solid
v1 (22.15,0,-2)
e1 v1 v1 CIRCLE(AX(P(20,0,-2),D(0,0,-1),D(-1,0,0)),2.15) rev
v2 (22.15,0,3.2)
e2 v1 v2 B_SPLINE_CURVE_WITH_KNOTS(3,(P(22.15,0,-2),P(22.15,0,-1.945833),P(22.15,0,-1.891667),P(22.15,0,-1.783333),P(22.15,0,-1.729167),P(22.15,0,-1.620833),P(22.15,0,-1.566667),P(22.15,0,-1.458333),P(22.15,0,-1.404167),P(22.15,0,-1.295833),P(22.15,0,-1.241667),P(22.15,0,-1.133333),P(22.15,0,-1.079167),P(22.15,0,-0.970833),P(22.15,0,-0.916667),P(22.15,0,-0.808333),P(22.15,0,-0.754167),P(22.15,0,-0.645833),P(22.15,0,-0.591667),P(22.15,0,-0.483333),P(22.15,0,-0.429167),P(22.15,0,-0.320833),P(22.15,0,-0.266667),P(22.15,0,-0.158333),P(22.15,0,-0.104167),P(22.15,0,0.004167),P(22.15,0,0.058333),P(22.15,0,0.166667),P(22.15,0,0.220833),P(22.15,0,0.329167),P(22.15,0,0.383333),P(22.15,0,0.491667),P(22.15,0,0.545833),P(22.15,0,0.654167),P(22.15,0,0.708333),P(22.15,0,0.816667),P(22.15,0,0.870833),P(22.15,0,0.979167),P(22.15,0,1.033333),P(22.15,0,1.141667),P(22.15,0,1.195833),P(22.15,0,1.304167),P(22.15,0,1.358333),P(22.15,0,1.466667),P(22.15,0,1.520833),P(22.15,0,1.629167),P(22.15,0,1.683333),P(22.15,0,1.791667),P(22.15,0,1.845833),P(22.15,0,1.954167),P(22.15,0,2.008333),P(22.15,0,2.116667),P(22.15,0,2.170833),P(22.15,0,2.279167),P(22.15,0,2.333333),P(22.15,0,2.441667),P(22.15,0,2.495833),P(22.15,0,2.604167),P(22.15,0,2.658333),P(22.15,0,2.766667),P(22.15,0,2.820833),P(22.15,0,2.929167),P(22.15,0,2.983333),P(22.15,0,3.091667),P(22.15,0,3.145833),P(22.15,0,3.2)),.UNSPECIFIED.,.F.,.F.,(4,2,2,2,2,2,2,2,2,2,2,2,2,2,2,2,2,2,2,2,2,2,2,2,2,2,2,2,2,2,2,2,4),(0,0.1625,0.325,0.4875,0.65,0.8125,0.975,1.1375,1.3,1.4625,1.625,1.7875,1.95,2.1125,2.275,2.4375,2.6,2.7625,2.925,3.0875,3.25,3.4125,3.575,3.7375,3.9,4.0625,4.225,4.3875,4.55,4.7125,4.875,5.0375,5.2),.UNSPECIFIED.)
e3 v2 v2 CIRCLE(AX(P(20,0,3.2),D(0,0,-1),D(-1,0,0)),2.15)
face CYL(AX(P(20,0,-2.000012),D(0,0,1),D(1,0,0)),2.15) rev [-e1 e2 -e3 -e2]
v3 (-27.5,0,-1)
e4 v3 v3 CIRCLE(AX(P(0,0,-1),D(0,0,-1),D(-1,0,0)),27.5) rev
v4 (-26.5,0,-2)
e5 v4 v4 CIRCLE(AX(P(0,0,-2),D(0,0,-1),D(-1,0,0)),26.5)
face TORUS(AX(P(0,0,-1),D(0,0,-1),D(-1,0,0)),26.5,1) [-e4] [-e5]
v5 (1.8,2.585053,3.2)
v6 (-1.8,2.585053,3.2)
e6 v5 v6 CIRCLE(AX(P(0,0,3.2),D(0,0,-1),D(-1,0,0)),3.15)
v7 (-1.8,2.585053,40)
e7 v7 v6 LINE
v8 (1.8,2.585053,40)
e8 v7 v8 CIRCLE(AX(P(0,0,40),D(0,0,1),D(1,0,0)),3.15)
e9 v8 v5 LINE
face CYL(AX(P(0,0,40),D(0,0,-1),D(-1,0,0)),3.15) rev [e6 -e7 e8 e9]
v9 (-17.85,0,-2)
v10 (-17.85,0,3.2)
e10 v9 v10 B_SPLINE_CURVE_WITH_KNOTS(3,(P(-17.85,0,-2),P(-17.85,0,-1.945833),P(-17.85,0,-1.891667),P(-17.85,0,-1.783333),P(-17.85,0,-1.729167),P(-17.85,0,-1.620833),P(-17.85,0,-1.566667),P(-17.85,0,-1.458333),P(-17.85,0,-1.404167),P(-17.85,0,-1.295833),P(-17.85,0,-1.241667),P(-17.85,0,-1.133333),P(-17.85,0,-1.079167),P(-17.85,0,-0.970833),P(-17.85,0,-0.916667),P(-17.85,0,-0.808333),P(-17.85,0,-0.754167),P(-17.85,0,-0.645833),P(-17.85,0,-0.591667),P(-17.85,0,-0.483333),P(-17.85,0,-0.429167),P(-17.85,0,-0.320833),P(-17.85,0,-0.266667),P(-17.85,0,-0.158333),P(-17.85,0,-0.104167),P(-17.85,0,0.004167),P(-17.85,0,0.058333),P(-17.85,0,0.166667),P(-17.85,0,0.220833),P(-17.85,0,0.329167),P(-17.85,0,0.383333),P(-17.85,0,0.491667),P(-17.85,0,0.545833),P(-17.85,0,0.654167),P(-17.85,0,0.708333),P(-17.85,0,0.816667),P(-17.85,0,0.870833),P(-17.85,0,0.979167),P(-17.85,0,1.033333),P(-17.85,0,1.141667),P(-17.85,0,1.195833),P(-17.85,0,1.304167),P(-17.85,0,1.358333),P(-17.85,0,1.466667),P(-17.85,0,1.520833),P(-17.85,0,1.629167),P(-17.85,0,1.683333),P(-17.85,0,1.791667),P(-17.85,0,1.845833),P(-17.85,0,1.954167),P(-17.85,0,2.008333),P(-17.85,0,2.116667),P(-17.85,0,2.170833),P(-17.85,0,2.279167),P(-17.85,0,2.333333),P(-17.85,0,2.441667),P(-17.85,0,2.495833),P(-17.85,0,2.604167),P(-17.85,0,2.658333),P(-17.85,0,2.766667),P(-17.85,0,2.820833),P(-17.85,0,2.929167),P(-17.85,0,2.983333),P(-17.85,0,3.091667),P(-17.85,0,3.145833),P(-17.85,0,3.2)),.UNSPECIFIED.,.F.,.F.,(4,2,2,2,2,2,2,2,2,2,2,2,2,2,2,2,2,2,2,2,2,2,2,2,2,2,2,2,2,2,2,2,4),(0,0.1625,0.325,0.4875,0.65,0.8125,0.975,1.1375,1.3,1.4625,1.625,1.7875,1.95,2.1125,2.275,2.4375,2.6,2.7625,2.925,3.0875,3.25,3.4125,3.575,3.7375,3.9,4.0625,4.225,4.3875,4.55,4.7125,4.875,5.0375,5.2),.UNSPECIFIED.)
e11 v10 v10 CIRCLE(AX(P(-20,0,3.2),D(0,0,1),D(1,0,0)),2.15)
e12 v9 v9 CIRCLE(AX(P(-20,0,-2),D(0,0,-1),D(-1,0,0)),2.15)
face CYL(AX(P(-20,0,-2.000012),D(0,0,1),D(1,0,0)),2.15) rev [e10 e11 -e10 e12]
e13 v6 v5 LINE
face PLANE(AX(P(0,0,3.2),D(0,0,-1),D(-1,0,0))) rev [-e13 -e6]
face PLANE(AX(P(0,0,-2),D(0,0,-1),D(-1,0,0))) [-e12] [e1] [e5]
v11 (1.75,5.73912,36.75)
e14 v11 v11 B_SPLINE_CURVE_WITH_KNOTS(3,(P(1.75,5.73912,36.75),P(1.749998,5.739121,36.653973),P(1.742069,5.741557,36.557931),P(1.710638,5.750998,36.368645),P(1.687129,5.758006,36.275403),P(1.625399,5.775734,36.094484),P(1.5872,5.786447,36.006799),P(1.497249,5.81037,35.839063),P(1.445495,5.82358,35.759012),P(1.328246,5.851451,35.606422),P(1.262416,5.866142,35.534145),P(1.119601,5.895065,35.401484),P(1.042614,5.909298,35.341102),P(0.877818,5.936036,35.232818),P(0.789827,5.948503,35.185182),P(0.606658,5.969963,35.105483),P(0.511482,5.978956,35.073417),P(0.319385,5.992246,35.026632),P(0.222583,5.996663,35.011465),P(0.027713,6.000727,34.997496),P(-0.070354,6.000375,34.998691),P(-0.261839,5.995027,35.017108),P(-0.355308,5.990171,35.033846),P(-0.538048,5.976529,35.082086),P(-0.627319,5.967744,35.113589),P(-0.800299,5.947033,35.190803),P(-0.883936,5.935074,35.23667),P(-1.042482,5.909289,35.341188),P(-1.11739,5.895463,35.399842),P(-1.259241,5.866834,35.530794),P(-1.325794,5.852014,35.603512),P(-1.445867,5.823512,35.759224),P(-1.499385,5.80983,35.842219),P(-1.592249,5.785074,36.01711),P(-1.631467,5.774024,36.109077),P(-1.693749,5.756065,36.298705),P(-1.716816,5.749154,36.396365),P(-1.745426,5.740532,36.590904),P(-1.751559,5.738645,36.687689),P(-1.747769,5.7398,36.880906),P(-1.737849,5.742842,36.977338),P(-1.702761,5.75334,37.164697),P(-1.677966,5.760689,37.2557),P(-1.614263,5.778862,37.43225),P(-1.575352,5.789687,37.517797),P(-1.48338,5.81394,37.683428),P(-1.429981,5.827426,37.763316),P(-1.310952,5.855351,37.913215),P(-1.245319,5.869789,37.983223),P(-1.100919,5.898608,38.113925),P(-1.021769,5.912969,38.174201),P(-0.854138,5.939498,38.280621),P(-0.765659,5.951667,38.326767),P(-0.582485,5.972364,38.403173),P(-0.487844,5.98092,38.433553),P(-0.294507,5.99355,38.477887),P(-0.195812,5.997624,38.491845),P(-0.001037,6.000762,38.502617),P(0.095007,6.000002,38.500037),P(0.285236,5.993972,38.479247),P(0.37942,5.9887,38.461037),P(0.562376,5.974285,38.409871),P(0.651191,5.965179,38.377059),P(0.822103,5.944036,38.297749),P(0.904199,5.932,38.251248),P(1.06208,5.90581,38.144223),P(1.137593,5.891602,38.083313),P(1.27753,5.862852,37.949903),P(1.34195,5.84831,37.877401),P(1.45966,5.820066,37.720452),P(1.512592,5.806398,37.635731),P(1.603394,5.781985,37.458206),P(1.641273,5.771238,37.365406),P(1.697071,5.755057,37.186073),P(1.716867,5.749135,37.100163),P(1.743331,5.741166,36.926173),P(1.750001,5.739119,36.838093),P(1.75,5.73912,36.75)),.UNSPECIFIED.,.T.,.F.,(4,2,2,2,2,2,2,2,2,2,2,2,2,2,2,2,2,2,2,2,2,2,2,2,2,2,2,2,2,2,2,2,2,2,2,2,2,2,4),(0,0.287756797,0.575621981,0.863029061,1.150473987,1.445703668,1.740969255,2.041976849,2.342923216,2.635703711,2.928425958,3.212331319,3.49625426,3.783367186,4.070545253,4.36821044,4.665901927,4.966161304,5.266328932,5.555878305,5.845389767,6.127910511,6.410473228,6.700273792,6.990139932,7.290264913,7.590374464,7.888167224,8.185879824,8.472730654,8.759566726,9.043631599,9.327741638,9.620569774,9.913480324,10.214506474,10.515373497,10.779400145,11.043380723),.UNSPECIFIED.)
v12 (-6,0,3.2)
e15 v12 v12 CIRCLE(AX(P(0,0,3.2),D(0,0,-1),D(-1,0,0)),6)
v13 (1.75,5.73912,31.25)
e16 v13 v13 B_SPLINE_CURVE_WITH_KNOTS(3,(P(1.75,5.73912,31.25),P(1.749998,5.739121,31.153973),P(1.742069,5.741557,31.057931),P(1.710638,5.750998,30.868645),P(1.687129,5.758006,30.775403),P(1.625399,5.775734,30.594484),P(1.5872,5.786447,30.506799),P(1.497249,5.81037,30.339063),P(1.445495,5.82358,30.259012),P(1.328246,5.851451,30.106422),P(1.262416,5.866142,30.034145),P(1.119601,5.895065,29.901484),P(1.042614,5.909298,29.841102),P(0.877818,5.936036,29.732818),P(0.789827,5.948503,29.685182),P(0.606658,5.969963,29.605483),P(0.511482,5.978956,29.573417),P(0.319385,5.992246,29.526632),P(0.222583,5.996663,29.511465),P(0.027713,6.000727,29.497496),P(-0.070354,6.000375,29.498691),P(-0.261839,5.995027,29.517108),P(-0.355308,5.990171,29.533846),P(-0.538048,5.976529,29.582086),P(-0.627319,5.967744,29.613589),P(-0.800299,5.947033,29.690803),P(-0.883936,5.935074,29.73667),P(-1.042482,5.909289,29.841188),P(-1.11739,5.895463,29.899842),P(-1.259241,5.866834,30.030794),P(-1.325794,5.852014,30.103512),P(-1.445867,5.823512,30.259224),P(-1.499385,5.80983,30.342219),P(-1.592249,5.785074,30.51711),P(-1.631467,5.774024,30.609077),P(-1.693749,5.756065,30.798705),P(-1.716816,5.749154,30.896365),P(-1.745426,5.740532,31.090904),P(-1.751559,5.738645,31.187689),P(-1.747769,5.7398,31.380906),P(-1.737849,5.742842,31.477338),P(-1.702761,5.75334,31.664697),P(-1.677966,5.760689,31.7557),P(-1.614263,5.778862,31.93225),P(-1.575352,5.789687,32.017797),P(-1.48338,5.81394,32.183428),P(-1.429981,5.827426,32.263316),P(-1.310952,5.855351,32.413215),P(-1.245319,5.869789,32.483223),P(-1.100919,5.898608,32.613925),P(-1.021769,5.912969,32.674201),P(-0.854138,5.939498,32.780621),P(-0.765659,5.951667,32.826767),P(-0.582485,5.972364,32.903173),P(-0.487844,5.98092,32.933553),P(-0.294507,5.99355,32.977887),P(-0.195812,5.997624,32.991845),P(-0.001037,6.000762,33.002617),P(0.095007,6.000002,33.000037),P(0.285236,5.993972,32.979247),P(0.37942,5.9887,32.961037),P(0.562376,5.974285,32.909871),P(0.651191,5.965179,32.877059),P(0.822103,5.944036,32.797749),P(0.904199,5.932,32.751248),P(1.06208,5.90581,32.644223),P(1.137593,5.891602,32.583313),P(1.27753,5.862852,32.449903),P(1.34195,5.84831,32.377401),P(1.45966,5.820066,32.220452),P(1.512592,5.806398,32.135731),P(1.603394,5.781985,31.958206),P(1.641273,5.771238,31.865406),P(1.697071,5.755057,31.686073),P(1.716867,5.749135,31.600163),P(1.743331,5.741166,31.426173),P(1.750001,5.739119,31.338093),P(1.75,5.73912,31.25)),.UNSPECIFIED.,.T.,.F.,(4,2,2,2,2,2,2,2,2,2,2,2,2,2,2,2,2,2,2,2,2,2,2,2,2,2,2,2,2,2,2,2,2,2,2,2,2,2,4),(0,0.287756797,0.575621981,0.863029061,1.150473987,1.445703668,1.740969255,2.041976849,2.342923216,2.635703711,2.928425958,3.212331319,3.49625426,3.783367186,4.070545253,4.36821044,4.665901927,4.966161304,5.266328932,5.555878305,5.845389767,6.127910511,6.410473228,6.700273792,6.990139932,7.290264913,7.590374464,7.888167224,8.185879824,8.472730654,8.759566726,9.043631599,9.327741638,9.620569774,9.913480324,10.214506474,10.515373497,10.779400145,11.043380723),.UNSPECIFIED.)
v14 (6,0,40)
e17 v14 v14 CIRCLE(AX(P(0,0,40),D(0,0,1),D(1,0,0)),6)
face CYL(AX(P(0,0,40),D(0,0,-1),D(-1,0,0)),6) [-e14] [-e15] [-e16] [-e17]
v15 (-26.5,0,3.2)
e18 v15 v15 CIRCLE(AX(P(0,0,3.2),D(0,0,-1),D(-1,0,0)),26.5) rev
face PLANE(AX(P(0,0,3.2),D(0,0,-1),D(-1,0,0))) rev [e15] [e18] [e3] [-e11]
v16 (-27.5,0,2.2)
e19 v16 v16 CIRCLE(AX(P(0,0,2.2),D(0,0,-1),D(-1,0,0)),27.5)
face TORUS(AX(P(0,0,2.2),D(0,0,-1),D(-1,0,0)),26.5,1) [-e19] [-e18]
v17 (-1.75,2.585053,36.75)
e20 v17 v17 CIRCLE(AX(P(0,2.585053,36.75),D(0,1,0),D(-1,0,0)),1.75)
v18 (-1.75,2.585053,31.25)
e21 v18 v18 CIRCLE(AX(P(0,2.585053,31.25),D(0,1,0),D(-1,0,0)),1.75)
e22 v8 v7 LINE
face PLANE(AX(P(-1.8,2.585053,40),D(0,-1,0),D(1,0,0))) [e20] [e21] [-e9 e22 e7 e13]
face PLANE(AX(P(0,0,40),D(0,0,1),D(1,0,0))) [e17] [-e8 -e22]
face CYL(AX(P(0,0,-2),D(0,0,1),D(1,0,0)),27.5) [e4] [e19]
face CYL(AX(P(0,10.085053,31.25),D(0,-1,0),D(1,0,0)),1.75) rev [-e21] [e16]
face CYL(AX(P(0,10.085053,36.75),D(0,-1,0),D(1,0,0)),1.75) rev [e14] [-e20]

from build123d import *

# Parameters (mm, degrees)
CROQUIS1_R                   = 6
SALIENTE_EXTRUIR1_DEPTH      = 40
CROQUIS2_R                   = 1.75
CORTAR_EXTRUIR1_DEPTH        = 7.5
SALIENTE_EXTRUIR2_DEPTH      = 2
SALIENTE_EXTRUIR2_DEPTH_BACK = 3.2
CROQUIS3_R                   = 27.5
CORTAR_EXTRUIR2_DEPTH        = 58.240719845
CORTAR_EXTRUIR2_DEPTH_BACK   = 5.2
CROQUIS5_R                   = 2.15
REDONDEO1_R                  = 1


with BuildPart() as part:
    # Croquis1 → Saliente-Extruir1 (new body)
    with BuildSketch(Plane.XY):
        Circle(CROQUIS1_R)
        with BuildLine():
            Line((-1.8, 2.585053191), (1.8, 2.585053191))
            ThreePointArc((1.8, 2.585053191), (0, -3.15), (-1.8, 2.585053191))
        make_face(mode=Mode.SUBTRACT)
    extrude(amount=SALIENTE_EXTRUIR1_DEPTH)

    # Croquis2 → Cortar-Extruir1 (cut)
    with BuildSketch(Plane(origin=(0, 2.585053191, 0), x_dir=(1, 0, 0), z_dir=(0, 1, 0))):
        with Locations((0, -36.75)):
            Circle(CROQUIS2_R)
        with Locations((0, -31.25)):
            Circle(CROQUIS2_R)
    extrude(amount=CORTAR_EXTRUIR1_DEPTH, mode=Mode.SUBTRACT)

    # Croquis3 → Saliente-Extruir2 (add, two sides: drawn at the far end of the back side and taken through both)
    with BuildSketch(Plane(origin=(0, 0, 0), x_dir=(-1, 0, 0), z_dir=(0, 0, -1)).offset(-SALIENTE_EXTRUIR2_DEPTH_BACK)):
        Circle(CROQUIS3_R)
    extrude(amount=SALIENTE_EXTRUIR2_DEPTH + SALIENTE_EXTRUIR2_DEPTH_BACK)

    # Croquis5 → Cortar-Extruir2 (cut, two sides: drawn at the far end of the back side and taken through both)
    with BuildSketch(Plane(origin=(0, 0, -2), x_dir=(-1, 0, 0), z_dir=(0, 0, -1)).offset(-CORTAR_EXTRUIR2_DEPTH_BACK)):
        with Locations(Location((-20, 0, 0), (0, 0, 180))):
            Circle(CROQUIS5_R)
        with Locations(Location((20, 0, 0), (0, 0, 180))):
            Circle(CROQUIS5_R)
    extrude(amount=CORTAR_EXTRUIR2_DEPTH + CORTAR_EXTRUIR2_DEPTH_BACK, mode=Mode.SUBTRACT)

    # Redondeo1
    redondeo1_edges = [part.edges().sort_by_distance(p)[0] for p in [
        (27.5, 0, 3.2),
        (27.5, 0, -2),
    ]]
    fillet(redondeo1_edges, radius=REDONDEO1_R)


solid = part.part
